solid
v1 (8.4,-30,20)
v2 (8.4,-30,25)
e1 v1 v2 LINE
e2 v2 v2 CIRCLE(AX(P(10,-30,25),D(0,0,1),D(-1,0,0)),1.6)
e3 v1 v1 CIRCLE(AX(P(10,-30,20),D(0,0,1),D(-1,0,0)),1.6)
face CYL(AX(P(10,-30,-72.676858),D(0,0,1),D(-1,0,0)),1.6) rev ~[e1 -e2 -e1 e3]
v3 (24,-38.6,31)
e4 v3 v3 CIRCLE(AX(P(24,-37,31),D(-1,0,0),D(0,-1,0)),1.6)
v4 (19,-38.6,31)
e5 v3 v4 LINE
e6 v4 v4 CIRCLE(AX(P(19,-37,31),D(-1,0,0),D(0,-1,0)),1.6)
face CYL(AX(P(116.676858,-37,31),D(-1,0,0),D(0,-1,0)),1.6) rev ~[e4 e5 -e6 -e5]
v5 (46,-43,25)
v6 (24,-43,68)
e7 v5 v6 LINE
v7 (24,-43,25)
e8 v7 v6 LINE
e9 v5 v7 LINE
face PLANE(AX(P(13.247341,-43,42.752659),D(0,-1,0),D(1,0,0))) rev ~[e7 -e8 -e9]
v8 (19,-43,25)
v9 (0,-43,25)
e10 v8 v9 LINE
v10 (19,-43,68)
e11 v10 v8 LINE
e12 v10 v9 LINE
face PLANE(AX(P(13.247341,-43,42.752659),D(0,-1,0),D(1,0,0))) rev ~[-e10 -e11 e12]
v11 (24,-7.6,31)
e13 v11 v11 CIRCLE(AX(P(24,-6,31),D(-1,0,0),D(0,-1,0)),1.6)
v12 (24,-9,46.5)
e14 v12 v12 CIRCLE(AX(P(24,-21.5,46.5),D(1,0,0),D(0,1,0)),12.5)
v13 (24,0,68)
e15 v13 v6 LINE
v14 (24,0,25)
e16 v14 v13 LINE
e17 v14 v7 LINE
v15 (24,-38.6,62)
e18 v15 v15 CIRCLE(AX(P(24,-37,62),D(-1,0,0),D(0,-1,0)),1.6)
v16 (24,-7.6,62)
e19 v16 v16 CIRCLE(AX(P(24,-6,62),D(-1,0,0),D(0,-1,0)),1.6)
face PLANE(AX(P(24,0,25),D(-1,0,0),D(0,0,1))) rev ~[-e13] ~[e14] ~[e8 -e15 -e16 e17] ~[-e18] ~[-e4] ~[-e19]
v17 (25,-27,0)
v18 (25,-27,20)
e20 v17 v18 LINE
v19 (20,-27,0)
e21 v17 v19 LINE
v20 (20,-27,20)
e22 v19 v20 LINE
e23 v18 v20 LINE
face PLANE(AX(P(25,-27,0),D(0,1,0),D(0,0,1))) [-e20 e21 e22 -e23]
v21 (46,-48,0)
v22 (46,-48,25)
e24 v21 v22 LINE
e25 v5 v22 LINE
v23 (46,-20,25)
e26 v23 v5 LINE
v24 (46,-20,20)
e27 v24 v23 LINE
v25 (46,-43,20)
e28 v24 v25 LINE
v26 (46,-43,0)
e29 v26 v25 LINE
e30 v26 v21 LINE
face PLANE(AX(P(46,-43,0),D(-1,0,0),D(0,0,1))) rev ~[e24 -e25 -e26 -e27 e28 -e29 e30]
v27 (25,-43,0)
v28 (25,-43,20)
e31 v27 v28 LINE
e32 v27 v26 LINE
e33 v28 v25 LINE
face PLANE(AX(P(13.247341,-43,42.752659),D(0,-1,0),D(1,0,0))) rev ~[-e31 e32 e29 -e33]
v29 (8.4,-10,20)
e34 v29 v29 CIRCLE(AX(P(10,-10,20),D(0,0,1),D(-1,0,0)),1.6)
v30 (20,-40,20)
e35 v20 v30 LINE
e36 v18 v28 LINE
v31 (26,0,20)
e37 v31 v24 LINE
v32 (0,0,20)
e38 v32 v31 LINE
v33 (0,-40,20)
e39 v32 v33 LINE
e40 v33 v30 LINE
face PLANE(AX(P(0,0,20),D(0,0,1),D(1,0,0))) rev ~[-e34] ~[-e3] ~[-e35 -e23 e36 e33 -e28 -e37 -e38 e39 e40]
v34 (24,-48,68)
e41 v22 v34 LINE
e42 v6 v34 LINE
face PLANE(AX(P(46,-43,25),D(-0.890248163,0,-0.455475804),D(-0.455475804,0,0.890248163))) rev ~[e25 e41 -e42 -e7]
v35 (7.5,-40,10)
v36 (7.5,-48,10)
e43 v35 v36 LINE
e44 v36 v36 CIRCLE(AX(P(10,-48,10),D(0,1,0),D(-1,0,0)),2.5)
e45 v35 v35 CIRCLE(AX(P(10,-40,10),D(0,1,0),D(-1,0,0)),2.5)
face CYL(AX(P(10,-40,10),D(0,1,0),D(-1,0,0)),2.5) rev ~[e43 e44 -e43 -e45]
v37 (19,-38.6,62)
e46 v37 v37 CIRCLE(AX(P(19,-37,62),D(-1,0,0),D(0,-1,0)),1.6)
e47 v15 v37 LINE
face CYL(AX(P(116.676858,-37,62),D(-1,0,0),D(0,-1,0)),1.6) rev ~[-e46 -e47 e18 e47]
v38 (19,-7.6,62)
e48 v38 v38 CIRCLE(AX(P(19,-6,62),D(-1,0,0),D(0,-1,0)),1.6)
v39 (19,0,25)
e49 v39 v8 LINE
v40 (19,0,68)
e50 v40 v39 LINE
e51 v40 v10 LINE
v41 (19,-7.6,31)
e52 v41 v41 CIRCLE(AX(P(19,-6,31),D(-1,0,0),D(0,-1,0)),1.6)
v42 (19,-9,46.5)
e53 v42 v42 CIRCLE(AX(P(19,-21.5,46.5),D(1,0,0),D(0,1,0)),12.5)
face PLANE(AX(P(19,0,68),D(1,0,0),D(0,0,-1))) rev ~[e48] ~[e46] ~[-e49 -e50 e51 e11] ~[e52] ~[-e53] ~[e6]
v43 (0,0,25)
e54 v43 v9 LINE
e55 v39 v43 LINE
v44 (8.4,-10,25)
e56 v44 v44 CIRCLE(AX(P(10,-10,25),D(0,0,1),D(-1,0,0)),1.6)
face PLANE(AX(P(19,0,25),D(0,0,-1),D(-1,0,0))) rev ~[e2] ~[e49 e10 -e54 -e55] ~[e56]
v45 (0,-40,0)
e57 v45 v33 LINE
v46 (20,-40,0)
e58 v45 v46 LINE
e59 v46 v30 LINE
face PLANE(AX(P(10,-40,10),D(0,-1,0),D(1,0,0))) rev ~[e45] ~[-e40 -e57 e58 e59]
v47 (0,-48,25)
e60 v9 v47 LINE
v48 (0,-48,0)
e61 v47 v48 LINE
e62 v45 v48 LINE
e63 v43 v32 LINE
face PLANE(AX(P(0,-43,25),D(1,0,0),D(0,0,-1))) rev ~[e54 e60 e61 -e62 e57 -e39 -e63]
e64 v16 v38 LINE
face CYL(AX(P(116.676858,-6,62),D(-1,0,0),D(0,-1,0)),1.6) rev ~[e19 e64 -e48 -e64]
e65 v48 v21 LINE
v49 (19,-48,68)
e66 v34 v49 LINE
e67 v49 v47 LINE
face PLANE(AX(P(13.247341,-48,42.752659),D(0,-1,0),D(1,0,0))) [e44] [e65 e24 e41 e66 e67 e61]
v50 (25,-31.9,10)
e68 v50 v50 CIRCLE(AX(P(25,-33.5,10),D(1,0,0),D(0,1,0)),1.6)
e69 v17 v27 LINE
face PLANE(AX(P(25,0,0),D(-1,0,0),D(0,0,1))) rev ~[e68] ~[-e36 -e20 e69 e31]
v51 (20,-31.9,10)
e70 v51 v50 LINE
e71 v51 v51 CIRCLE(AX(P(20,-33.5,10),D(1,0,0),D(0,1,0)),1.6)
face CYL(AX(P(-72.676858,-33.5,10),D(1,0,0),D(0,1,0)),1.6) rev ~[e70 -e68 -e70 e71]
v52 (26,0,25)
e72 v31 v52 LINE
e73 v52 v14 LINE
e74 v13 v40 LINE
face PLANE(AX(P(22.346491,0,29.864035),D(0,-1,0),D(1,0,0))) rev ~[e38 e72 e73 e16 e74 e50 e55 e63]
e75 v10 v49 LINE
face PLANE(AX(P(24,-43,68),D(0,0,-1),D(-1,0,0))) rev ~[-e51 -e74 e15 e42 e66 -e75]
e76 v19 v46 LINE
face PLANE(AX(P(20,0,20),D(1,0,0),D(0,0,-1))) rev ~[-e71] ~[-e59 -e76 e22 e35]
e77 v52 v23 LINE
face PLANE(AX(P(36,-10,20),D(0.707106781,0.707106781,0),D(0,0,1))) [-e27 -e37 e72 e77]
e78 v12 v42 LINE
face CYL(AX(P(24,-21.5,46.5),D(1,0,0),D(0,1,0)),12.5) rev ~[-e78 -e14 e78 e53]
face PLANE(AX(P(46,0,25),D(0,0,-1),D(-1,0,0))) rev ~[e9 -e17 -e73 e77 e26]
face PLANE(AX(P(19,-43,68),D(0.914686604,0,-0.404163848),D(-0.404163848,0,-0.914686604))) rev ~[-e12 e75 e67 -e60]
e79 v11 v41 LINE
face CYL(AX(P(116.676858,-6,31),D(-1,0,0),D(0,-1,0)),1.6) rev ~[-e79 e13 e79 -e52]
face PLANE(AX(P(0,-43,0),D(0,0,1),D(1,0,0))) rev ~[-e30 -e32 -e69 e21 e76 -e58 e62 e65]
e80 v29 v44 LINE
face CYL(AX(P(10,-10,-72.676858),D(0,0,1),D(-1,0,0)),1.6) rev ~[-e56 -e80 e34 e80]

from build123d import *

# Parameters (mm, degrees)
F1_DEPTH     = 43
F2_W         = 20
F2_H         = 20
F3_DEPTH     = 3
F4_W         = 27
F4_H         = 20
F5_DEPTH     = 5
F7_R         = 12.5
F8_DEPTH     = 5
F11_D        = 3.2
F11_ON_F9_D  = 3.2
F11_ON_F10_D = 3.2
F12_W        = 21
F12_H        = 20
F13_DEPTH    = 5
F14_SIZE     = 20
F15_R        = 2.5
F16_DEPTH    = 8


with BuildPart() as f1:
    # F0 (on Front) → F1 (new body)
    with BuildSketch(Plane.XZ):
        Polygon((0, 25), (0, 20), (20, 20), (20, 0), (25, 0), (25, 20), (46, 20), (46, 25), (24, 25), (24, 68), (19, 68), (19, 25), align=None)
    extrude(amount=F1_DEPTH)

    # F2 (on face) → F3 (join)
    with BuildSketch(Plane.XZ.offset(43)):
        with Locations((10, 10)):
            Rectangle(F2_W, F2_H)
    extrude(amount=-F3_DEPTH)

    # F4 (on face) → F5 (cut, through all)
    with BuildSketch(Plane.YZ.offset(25)):
        with Locations((-13.5, 10)):
            Rectangle(F4_W, F4_H)
    extrude(amount=-F5_DEPTH, mode=Mode.SUBTRACT)

    # F7 (on face) → F8 (cut, through all)
    with BuildSketch(Plane.YZ.offset(24)):
        with Locations((-21.5, 46.5)):
            Circle(F7_R)
    extrude(amount=-F8_DEPTH, mode=Mode.SUBTRACT)

    # F11 (through all)
    with Locations(Plane.YZ.offset(24)):
        with Locations((-37, 62), (-6, 62), (-37, 31), (-6, 31)):
            Hole(F11_D / 2)

    # F11 on F9 (through all)
    with Locations(Plane(origin=(0, 0, 20), x_dir=(1, 0, 0), z_dir=(0, 0, -1))):
        with Locations((10, 10), (10, 30)):
            Hole(F11_ON_F9_D / 2)

    # F11 on F10 (through all)
    with Locations(Plane(origin=(20, 0, 0), x_dir=(0, -1, 0), z_dir=(-1, 0, 0))):
        with Locations((33.5, 10)):
            Hole(F11_ON_F10_D / 2)

    # F12 (on face) → F13 (join)
    with BuildSketch(Plane.XZ.offset(43)):
        Polygon((19, 68), (0, 25), (19, 25), align=None)
        Polygon((19, 25), (0, 25), (0, 0), (25, 0), (25, 20), (46, 20), (46, 25), (24, 25), (24, 68), (19, 68), align=None)
        Polygon((46, 25), (24, 68), (24, 25), align=None)
        with Locations((35.5, 10)):
            Rectangle(F12_W, F12_H)
    extrude(amount=F13_DEPTH)

    # F14
    f14_edges = [f1.edges().sort_by_distance(p)[0] for p in [
        (46, 0, 22.5),
    ]]
    chamfer(f14_edges, length=F14_SIZE)

    # F15 (on face) → F16 (cut, through all)
    with BuildSketch(Plane(origin=(0, -40, 0), x_dir=(-1, 0, 0), z_dir=(0, 1, 0))):
        with Locations((-10, 10)):
            Circle(F15_R)
    extrude(amount=-F16_DEPTH, mode=Mode.SUBTRACT)


solid = f1.part
